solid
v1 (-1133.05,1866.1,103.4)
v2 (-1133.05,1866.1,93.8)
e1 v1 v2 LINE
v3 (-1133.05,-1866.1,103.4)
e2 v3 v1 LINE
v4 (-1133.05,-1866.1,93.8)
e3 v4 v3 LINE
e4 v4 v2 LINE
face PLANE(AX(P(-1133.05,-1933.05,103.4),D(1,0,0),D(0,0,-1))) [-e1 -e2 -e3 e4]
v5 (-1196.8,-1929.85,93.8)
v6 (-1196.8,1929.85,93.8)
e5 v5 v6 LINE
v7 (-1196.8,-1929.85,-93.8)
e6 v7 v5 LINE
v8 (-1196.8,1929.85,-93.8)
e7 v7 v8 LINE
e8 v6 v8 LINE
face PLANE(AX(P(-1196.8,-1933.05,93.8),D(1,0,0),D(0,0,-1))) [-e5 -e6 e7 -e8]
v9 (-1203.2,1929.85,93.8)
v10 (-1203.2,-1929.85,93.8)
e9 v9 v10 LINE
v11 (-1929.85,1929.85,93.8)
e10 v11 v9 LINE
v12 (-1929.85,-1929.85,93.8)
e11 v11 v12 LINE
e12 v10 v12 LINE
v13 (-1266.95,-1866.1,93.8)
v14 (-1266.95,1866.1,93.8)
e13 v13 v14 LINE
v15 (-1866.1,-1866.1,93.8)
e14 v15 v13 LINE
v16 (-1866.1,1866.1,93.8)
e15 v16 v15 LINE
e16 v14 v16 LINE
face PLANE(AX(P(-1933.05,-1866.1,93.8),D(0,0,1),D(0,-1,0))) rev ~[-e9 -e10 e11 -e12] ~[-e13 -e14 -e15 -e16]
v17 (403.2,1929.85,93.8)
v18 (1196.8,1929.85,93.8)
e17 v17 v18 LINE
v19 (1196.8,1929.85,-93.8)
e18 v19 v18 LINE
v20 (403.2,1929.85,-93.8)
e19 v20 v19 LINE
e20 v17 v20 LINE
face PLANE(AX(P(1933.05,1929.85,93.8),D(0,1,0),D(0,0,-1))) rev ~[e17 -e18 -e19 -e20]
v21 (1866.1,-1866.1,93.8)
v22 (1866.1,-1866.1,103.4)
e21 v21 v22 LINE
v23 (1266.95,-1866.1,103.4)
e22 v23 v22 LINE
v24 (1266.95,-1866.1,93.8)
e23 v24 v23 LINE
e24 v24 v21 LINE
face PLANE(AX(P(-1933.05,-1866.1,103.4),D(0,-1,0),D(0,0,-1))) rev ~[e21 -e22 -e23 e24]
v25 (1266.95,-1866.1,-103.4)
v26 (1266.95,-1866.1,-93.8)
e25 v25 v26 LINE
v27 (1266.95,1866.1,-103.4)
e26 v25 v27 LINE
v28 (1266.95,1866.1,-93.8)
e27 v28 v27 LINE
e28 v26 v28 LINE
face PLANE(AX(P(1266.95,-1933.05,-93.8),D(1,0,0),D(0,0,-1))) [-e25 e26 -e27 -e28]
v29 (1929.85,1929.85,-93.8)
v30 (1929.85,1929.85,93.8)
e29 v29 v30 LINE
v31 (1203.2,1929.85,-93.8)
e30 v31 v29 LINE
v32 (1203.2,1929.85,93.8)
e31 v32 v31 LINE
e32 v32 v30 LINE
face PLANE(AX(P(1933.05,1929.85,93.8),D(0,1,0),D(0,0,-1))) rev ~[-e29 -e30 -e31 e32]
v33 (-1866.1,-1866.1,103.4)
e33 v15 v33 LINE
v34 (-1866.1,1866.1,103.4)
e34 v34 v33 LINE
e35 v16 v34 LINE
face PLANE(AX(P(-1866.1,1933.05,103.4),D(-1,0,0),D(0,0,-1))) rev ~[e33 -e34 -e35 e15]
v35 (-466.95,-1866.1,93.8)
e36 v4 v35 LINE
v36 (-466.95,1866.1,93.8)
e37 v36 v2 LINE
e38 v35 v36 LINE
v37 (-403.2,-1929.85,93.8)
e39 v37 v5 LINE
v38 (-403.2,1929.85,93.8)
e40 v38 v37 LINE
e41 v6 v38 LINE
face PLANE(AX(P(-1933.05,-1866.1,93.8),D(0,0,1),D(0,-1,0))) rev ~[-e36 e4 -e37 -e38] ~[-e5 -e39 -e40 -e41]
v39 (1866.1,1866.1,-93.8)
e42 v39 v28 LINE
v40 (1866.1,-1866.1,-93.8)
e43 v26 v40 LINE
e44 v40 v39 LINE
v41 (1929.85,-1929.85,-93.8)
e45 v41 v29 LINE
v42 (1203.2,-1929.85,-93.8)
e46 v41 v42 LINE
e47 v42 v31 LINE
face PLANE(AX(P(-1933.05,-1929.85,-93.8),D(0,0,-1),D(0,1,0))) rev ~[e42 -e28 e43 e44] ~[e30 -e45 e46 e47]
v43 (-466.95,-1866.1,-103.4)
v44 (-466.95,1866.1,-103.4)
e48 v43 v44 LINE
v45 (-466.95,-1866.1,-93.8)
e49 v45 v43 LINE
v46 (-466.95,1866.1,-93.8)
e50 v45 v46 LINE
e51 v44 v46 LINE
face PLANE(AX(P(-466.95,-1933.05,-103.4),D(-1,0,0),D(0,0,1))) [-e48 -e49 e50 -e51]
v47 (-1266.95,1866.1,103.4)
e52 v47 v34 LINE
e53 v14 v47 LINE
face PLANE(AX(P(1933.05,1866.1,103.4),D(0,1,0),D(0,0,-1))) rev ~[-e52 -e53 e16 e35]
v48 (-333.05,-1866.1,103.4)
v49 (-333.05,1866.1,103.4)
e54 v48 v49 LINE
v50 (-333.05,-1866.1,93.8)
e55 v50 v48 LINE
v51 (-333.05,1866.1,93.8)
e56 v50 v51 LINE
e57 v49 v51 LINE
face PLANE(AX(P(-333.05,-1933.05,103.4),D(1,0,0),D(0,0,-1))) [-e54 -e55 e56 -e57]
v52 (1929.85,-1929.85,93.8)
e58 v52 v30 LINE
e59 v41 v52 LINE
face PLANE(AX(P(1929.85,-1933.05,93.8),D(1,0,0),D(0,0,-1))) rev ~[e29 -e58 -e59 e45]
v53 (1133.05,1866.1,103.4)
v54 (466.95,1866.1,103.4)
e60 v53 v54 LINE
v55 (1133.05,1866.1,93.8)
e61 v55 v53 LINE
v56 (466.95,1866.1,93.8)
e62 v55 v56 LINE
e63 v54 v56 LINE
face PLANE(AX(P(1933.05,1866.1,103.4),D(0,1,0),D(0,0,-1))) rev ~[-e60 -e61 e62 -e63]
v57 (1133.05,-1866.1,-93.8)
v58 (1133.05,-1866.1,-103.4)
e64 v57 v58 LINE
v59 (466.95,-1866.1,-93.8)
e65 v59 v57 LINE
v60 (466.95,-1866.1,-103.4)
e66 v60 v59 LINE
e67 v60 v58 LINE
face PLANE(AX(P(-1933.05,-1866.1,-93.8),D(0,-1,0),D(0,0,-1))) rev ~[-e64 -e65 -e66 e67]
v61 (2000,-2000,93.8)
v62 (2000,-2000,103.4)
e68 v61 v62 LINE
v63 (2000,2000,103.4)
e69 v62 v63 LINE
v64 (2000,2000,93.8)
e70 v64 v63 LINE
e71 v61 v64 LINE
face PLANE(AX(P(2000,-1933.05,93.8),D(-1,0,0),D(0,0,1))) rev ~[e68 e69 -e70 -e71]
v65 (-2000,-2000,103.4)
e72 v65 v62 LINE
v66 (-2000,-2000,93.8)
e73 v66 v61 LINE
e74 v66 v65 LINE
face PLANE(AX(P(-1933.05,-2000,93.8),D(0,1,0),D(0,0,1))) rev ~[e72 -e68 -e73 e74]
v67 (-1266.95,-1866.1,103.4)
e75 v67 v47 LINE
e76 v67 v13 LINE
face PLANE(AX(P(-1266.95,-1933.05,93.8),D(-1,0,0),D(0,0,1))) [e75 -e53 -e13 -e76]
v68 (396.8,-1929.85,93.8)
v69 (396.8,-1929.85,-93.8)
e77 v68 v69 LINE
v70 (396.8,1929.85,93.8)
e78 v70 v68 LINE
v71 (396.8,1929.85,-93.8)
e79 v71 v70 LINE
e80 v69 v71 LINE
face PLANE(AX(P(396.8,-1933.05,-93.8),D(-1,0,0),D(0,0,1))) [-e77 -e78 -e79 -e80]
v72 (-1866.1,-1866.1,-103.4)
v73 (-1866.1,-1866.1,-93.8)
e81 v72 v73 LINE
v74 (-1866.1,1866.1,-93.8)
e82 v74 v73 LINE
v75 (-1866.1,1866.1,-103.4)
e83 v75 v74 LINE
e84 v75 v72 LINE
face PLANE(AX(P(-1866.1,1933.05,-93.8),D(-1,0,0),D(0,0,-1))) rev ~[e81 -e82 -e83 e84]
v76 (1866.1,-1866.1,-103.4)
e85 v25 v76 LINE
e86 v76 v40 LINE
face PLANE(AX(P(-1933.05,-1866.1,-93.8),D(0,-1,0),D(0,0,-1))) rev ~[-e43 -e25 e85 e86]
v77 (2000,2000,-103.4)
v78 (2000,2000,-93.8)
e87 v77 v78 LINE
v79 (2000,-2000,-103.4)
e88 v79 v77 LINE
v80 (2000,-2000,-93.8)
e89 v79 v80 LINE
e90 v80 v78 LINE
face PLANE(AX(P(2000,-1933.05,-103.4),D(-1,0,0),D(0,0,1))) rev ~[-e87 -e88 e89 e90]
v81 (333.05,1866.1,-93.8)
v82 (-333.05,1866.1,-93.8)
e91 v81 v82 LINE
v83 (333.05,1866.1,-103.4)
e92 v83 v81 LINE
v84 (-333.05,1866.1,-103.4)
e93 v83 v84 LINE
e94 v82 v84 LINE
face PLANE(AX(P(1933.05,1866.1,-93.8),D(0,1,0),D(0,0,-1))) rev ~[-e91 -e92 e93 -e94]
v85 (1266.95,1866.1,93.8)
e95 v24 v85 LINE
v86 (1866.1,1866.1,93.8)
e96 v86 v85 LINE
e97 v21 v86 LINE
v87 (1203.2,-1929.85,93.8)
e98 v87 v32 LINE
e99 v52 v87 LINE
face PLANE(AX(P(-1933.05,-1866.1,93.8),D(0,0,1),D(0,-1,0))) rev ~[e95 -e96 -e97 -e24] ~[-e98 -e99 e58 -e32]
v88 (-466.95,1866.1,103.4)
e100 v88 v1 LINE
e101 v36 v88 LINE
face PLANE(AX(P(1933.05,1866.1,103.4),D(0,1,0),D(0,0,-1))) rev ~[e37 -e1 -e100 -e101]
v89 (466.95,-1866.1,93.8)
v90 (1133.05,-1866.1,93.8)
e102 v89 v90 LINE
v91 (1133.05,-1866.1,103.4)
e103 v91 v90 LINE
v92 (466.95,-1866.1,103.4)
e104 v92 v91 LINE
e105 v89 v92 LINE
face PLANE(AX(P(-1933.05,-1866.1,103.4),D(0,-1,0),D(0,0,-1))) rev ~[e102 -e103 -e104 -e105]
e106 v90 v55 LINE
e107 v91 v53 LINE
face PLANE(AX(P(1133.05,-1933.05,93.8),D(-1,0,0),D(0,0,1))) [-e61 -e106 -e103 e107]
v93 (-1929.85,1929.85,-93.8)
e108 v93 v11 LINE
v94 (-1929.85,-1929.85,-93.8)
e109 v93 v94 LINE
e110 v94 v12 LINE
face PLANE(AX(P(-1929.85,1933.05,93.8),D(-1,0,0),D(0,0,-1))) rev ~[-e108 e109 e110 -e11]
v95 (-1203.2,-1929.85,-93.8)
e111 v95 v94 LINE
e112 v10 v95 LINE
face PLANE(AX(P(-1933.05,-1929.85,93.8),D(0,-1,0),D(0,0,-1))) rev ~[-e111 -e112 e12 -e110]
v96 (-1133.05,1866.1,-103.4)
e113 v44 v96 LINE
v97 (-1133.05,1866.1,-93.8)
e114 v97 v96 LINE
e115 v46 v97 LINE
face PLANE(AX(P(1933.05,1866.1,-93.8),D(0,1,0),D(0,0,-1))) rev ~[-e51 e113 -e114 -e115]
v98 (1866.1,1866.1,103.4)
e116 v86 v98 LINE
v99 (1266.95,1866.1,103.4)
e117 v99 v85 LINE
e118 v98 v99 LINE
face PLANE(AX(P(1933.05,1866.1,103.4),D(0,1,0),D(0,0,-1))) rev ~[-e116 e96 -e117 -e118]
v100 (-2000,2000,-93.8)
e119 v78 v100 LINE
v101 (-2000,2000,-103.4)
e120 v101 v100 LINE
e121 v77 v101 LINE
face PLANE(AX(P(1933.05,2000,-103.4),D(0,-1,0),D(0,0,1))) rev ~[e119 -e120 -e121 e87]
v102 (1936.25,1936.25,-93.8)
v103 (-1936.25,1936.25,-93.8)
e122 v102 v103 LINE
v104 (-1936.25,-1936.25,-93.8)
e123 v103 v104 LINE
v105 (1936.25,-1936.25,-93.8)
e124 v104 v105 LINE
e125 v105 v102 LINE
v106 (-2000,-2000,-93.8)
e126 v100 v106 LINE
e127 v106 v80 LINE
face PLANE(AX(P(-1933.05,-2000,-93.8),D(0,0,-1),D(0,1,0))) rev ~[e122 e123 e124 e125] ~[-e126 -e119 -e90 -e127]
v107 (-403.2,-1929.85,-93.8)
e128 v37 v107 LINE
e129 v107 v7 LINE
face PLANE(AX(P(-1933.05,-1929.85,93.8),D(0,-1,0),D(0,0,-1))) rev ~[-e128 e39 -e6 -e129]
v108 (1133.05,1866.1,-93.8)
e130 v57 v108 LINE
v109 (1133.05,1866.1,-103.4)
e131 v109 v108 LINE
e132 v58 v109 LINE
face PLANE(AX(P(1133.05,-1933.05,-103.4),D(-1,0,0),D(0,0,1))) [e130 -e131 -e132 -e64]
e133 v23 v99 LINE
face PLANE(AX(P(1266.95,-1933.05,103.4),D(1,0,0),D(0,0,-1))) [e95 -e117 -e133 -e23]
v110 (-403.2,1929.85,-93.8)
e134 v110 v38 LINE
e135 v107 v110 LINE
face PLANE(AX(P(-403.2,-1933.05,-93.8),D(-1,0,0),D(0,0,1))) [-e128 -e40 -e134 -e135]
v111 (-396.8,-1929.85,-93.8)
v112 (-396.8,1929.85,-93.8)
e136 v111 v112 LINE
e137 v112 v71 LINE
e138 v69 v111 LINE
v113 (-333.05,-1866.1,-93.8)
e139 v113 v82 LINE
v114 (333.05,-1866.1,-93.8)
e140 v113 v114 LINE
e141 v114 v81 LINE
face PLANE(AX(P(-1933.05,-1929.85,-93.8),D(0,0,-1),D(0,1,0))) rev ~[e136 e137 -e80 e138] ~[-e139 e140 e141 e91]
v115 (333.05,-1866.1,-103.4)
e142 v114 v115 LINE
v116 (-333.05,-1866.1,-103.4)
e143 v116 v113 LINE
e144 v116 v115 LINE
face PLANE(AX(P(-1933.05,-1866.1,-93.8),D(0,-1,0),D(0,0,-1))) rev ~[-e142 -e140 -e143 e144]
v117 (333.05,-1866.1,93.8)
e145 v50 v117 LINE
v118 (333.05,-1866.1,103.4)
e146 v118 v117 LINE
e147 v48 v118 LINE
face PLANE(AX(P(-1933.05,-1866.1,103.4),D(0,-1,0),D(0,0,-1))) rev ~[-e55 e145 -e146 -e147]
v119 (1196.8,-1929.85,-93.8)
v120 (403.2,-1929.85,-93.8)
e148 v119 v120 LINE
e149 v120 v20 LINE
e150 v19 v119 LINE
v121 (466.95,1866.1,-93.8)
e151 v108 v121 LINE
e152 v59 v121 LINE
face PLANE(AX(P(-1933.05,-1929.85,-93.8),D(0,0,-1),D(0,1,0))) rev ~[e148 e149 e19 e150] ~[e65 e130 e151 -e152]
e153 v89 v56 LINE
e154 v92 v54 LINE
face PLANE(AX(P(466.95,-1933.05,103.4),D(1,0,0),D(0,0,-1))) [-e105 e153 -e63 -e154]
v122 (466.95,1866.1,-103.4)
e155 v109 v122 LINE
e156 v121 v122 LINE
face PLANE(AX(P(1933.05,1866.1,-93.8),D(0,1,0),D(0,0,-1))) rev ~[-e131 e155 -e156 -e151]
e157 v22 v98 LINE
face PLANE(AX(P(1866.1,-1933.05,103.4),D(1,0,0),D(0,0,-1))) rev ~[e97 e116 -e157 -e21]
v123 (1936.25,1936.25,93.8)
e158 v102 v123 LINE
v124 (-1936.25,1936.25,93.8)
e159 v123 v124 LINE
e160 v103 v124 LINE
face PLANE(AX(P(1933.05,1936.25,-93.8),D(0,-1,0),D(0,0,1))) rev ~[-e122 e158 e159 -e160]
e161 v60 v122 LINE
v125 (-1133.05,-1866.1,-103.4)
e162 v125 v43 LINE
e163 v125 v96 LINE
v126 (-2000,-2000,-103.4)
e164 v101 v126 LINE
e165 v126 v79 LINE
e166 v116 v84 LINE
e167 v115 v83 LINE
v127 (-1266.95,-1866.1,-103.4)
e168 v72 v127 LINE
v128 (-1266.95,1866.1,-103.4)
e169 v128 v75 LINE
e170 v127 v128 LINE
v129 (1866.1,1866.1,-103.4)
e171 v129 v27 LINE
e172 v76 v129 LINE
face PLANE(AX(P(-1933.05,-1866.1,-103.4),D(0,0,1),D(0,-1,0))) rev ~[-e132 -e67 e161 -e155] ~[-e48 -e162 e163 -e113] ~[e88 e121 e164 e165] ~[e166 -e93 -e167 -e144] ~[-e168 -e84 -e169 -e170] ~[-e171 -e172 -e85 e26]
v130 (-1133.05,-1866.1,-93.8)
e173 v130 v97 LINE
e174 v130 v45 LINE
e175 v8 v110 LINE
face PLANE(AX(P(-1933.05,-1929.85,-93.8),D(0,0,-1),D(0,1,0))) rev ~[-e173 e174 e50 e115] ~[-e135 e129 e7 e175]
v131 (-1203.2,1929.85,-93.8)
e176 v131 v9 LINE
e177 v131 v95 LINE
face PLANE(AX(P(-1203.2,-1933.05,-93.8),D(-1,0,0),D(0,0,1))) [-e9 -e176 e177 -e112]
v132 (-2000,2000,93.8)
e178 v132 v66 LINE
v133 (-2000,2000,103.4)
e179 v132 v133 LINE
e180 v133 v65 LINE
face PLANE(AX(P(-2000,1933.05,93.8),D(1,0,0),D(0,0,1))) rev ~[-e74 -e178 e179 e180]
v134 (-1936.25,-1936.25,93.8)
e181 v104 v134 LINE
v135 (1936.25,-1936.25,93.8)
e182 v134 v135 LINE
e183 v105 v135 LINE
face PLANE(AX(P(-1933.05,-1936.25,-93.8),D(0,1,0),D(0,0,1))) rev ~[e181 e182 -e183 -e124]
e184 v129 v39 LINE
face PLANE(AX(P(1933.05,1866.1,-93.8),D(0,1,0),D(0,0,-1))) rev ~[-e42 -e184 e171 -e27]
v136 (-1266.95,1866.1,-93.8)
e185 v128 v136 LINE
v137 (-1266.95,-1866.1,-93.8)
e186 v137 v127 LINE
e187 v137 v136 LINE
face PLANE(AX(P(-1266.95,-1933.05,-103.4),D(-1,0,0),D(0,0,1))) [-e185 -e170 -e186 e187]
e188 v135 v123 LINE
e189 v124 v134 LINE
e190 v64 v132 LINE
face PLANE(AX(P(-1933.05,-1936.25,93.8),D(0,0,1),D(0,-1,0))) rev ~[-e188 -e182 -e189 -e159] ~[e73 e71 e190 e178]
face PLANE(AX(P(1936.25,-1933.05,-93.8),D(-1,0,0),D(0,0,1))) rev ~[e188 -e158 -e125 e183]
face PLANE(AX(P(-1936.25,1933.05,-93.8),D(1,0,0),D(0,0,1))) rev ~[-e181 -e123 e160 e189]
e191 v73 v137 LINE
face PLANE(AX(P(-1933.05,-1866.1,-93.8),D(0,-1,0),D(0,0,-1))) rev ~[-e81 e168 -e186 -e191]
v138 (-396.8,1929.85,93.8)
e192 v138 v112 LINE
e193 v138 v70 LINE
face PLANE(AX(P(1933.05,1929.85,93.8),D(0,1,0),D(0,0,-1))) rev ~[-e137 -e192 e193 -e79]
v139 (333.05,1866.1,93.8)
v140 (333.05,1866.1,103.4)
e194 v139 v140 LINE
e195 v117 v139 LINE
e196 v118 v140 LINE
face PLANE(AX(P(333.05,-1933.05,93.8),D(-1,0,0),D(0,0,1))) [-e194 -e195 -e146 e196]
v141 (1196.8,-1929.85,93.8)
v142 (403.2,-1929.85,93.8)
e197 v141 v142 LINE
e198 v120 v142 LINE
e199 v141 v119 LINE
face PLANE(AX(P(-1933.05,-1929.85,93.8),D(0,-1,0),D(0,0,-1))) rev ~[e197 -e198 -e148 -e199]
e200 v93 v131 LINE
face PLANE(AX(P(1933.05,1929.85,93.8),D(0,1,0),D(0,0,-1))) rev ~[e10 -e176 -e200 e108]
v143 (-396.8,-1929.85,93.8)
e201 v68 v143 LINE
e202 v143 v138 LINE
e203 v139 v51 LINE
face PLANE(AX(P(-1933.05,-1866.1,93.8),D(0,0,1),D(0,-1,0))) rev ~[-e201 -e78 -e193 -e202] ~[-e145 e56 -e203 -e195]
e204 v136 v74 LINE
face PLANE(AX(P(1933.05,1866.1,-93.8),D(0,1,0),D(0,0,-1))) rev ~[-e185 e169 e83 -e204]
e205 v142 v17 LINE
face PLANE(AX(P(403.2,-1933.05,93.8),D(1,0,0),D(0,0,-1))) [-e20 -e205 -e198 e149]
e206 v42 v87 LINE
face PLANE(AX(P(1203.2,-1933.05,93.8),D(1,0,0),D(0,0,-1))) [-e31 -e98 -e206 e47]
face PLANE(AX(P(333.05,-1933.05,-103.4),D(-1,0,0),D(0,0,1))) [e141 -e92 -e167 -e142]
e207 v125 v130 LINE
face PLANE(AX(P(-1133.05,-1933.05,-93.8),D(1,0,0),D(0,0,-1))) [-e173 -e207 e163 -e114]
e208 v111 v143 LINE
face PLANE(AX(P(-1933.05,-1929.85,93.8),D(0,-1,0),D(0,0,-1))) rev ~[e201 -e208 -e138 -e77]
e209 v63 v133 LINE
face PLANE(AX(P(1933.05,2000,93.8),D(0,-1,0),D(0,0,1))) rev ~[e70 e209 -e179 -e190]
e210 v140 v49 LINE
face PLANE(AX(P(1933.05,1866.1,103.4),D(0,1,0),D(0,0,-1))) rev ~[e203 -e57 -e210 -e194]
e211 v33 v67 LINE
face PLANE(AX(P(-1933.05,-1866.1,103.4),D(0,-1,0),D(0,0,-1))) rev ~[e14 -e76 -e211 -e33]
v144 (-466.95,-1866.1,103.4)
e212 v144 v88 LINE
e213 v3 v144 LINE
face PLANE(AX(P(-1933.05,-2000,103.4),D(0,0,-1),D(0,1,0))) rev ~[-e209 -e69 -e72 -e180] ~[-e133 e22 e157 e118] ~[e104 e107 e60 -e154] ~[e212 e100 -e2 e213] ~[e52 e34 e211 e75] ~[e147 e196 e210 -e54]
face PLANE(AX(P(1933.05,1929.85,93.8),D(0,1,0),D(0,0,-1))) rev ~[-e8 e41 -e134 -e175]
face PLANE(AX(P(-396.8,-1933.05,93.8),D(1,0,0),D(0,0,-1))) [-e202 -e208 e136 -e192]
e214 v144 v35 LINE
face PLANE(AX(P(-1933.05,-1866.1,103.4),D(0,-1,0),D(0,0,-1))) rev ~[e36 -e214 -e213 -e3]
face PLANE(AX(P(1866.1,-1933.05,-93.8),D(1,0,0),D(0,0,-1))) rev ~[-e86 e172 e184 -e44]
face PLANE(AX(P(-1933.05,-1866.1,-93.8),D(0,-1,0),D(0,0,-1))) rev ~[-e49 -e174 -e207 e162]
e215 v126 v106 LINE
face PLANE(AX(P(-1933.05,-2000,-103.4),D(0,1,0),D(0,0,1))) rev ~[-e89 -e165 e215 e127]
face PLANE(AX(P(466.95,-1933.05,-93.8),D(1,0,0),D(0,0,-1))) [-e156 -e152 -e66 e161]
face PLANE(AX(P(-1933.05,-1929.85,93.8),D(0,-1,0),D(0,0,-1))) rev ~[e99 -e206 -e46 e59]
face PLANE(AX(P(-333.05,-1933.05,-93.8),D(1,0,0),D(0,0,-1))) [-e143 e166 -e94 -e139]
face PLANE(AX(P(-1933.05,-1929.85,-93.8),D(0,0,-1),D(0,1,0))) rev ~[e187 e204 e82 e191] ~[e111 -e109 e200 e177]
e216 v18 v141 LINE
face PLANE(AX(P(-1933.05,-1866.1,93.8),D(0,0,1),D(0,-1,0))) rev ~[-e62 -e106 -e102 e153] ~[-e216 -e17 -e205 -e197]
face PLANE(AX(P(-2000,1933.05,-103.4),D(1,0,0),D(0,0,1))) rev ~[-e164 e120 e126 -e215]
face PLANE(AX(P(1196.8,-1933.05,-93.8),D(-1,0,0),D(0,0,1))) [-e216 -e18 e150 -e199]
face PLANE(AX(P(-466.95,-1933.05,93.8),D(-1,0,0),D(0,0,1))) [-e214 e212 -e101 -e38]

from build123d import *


with BuildPart() as f2:
    # F2: sweep along a path in F0
    with BuildLine(Plane.XY) as f2_path:
        Line((-1933.05, -1933.05), (1933.05, -1933.05))
        Line((1933.05, -1933.05), (1933.05, 1933.05))
        Line((1933.05, 1933.05), (-1933.05, 1933.05))
        Line((-1933.05, 1933.05), (-1933.05, -1933.05))
    # F1 (on Front) → F2 (sweep)
    with BuildSketch(Plane.XZ):
        Polygon((2000, 103.4), (1866.1, 103.4), (1866.1, 93.8), (1929.85, 93.8), (1929.85, -93.8), (1866.1, -93.8), (1866.1, -103.4), (2000, -103.4), (2000, -93.8), (1936.25, -93.8), (1936.25, 93.8), (2000, 93.8), align=None)
    sweep(path=f2_path.line, transition=Transition.RIGHT)

    # F5: sweep along a path in F0
    with BuildLine(Plane.XY) as f5_path:
        Line((1200, -1933.05), (1200, 1933.05))
    # F4 (on offset) → F5 (sweep)
    with BuildSketch(Plane(origin=(0, 1933.05, 0), x_dir=(-1, 0, 0), z_dir=(0, 1, 0))):
        Polygon((-1133.05, 103.4), (-1266.95, 103.4), (-1266.95, 93.8), (-1203.2, 93.8), (-1203.2, -93.8), (-1266.95, -93.8), (-1266.95, -103.4), (-1133.05, -103.4), (-1133.05, -93.8), (-1196.8, -93.8), (-1196.8, 93.8), (-1133.05, 93.8), align=None)
        Polygon((-466.95, -93.8), (-466.95, -103.4), (-333.05, -103.4), (-333.05, -93.8), (-396.8, -93.8), (-396.8, 93.8), (-333.05, 93.8), (-333.05, 103.4), (-466.95, 103.4), (-466.95, 93.8), (-403.2, 93.8), (-403.2, -93.8), align=None)
        Polygon((396.8, -93.8), (333.05, -93.8), (333.05, -103.4), (466.95, -103.4), (466.95, -93.8), (403.2, -93.8), (403.2, 93.8), (466.95, 93.8), (466.95, 103.4), (333.05, 103.4), (333.05, 93.8), (396.8, 93.8), align=None)
        Polygon((1133.05, 93.8), (1196.8, 93.8), (1196.8, -93.8), (1133.05, -93.8), (1133.05, -103.4), (1266.95, -103.4), (1266.95, -93.8), (1203.2, -93.8), (1203.2, 93.8), (1266.95, 93.8), (1266.95, 103.4), (1133.05, 103.4), align=None)
    sweep(path=f5_path.line)


solid = f2.part
